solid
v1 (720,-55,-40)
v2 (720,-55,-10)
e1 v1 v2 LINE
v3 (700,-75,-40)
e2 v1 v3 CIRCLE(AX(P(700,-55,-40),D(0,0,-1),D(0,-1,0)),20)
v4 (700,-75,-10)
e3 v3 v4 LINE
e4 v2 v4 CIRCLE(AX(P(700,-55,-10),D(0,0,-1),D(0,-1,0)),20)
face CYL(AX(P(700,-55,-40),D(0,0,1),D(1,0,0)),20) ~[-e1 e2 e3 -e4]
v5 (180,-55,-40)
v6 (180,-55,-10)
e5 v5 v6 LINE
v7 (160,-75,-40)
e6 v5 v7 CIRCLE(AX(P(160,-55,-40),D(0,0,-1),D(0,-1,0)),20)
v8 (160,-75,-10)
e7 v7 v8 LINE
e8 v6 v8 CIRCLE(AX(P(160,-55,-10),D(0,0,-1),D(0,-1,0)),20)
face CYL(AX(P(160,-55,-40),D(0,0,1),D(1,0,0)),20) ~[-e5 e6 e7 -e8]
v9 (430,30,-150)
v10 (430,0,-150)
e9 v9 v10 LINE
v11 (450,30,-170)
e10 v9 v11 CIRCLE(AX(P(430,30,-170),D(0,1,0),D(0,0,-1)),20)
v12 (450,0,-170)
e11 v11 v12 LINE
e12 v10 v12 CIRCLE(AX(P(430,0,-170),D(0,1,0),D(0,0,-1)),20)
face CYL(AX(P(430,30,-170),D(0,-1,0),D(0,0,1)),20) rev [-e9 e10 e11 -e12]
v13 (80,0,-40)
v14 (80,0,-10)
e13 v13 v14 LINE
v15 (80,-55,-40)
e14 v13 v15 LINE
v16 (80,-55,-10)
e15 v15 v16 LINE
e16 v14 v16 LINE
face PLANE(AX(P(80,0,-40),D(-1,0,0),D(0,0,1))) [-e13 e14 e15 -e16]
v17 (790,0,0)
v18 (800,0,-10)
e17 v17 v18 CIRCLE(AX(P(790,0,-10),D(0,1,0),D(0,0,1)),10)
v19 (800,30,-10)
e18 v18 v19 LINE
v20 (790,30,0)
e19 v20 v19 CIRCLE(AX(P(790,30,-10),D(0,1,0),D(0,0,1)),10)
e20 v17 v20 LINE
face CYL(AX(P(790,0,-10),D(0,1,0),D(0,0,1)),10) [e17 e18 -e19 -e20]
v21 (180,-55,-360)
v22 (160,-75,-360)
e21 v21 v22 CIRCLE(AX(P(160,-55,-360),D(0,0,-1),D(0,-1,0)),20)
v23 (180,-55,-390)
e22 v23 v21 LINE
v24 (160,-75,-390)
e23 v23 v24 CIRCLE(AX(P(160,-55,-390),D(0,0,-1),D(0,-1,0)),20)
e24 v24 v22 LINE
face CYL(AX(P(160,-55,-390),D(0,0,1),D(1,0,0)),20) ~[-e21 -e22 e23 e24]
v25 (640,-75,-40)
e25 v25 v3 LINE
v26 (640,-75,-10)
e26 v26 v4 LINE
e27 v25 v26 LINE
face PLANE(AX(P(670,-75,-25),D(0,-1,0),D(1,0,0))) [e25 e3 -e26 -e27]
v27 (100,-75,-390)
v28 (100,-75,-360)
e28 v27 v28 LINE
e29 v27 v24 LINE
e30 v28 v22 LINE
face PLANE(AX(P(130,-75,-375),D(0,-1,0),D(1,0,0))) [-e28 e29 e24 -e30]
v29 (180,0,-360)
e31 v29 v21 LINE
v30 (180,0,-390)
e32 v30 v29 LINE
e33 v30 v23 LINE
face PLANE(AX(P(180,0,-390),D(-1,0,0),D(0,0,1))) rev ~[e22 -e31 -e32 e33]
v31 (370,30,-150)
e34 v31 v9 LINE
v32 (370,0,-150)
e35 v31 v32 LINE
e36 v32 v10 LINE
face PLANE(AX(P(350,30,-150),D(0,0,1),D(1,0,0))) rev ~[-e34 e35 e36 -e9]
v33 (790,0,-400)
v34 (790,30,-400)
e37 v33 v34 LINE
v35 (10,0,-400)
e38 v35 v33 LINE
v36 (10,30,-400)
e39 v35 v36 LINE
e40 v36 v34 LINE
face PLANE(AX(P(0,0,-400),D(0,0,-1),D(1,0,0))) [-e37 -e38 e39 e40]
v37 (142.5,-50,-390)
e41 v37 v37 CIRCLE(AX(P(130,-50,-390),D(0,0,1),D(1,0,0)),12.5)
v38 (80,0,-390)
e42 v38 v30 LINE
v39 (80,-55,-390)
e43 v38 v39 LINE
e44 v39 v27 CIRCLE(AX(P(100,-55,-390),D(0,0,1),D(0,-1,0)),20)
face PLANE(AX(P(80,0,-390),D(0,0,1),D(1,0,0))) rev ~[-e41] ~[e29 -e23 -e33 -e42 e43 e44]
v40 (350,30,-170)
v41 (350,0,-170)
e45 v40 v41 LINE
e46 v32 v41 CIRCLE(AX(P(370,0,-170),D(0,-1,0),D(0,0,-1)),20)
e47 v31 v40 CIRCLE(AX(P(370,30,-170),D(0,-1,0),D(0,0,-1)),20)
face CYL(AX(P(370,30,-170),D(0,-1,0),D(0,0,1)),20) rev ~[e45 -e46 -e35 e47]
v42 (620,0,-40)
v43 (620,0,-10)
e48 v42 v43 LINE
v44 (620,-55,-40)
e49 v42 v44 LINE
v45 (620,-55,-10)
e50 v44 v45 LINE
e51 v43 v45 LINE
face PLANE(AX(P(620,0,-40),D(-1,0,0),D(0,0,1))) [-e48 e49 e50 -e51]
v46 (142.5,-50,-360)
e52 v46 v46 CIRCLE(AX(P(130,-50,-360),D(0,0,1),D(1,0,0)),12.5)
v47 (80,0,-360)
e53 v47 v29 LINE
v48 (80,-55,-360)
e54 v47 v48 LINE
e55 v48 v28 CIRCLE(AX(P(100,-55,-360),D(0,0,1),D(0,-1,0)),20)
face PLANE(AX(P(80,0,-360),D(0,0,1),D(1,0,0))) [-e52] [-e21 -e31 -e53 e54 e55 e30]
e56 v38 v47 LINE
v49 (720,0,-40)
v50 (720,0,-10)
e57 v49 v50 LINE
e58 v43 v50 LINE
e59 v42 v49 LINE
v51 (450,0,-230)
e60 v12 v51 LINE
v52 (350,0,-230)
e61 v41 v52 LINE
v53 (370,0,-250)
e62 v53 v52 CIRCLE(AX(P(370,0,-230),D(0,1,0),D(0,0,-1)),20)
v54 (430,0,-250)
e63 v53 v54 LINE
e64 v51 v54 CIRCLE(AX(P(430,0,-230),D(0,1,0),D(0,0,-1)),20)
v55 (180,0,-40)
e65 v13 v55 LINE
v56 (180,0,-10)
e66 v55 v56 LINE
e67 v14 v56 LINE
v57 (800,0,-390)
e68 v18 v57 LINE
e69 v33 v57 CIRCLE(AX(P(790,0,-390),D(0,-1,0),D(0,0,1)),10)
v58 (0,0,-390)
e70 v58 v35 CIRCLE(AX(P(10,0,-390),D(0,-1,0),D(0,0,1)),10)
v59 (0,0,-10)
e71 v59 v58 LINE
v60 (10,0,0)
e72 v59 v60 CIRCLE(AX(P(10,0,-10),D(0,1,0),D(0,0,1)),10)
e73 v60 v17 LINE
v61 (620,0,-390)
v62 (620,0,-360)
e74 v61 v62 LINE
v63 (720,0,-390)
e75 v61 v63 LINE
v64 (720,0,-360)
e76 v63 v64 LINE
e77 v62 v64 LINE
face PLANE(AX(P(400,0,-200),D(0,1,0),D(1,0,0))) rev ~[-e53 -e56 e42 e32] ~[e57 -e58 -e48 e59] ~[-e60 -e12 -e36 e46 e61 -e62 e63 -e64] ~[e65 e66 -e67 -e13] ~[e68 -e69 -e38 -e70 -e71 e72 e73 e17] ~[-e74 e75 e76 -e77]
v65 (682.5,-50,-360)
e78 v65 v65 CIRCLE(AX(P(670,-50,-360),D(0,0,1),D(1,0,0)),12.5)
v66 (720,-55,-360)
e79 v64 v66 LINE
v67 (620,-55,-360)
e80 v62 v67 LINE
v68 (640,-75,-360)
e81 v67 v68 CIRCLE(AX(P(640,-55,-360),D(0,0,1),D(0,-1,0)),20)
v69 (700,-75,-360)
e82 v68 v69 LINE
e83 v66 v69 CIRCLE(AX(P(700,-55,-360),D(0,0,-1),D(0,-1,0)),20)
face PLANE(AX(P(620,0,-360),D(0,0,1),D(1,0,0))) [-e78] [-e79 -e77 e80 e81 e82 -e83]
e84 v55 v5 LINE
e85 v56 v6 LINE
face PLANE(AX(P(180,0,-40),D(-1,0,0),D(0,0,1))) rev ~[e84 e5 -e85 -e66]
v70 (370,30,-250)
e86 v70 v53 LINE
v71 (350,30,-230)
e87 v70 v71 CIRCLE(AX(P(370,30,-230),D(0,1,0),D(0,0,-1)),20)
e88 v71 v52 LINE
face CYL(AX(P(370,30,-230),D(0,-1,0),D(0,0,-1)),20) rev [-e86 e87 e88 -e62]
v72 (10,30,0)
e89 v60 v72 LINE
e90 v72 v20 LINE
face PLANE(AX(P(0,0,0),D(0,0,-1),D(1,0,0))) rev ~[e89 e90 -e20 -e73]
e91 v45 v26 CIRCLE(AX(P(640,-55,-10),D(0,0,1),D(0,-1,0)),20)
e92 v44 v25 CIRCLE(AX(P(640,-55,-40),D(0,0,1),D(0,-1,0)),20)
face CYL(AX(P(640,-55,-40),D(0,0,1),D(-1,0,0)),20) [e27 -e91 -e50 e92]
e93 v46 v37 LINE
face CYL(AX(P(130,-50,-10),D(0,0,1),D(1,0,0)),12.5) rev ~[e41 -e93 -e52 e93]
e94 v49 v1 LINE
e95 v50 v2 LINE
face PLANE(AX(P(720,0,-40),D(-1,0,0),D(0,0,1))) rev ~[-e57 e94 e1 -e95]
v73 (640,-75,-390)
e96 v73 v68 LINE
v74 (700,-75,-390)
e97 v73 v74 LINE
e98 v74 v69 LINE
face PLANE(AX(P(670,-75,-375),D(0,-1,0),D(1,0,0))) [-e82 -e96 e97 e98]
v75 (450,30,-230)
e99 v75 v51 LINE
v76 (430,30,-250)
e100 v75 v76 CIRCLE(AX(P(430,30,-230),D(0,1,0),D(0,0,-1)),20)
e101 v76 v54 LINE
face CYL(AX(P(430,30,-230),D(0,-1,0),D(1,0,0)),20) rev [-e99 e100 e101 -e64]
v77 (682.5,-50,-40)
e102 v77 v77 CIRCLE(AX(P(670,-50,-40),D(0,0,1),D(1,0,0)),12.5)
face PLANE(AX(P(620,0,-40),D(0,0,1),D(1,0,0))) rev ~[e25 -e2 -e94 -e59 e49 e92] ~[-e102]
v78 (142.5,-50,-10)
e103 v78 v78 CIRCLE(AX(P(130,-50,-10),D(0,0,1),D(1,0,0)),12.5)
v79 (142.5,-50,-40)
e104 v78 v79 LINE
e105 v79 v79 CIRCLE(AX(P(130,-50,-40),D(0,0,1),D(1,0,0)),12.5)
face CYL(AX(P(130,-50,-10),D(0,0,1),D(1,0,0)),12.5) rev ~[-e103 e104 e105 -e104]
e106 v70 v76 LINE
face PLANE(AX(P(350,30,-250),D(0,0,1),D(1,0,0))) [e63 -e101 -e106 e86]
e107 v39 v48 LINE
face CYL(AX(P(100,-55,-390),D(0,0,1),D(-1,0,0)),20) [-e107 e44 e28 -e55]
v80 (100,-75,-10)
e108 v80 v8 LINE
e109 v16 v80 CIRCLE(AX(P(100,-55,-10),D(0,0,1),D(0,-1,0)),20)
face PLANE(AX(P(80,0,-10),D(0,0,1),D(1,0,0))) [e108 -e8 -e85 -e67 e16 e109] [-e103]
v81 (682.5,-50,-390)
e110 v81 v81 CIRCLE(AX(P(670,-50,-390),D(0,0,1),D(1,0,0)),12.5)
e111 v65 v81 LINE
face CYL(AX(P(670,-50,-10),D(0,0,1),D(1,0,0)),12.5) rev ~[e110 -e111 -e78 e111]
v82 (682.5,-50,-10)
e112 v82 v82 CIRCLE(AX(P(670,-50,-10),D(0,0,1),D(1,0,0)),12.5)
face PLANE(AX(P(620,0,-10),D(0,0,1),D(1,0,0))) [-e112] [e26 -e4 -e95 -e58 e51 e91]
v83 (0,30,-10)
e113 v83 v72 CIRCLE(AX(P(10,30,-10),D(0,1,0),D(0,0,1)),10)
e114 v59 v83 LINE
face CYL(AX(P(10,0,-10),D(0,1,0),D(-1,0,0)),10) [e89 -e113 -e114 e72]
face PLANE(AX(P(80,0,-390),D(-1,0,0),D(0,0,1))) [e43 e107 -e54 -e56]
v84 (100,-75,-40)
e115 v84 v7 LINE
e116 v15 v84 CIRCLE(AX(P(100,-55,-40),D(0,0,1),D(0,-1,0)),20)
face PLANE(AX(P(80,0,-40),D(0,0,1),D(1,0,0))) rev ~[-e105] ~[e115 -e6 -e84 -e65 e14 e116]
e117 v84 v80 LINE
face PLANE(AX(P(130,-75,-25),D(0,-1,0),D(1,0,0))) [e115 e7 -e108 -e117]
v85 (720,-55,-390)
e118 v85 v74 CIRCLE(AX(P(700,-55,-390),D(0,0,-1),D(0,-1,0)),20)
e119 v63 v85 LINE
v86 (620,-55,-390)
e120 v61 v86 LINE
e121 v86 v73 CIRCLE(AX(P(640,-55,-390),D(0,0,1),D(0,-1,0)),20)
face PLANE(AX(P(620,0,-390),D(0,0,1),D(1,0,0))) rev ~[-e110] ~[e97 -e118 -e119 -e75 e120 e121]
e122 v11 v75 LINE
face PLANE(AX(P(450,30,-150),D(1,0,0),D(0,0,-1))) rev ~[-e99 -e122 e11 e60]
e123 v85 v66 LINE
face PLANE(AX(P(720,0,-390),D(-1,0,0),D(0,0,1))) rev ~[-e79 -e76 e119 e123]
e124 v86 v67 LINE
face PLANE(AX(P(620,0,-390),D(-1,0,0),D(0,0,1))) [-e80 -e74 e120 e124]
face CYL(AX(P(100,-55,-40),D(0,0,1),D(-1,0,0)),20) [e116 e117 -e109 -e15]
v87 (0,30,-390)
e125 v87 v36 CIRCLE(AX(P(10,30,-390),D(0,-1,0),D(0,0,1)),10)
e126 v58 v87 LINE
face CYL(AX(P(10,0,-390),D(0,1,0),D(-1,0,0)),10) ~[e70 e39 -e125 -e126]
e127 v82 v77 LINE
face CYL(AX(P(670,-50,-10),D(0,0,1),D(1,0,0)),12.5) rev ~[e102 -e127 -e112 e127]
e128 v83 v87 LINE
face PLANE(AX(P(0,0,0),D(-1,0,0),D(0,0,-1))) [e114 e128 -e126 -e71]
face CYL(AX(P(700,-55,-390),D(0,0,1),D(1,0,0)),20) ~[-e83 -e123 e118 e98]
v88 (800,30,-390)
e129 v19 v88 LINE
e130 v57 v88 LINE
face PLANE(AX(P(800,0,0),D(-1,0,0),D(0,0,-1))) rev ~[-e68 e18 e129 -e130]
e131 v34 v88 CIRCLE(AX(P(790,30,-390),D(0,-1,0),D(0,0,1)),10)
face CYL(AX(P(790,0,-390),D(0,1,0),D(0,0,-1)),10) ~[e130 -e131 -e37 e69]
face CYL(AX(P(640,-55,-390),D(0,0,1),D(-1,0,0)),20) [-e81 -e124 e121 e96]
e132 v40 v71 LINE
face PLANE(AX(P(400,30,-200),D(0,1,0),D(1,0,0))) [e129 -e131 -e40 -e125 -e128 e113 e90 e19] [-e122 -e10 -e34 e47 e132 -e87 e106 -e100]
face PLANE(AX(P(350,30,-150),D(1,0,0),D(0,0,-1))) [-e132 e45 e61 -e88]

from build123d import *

# Parameters (mm, degrees)
SKETCH1_W           = 800
SKETCH1_H           = 400
BOSS_EXTRUDE1_DEPTH = 30
SKETCH3_W           = 100
SKETCH3_H           = 100
CUT_EXTRUDE1_DEPTH  = 895.930164873
FILLET1_R           = 20
SKETCH4_W           = 100
SKETCH4_H           = 30
BOSS_EXTRUDE2_DEPTH = 75
SKETCH5_R           = 12.5
CUT_EXTRUDE2_DEPTH  = 894.154521905
SKETCH6_R           = 12.5
CUT_EXTRUDE3_DEPTH  = 894.154521905
FILLET2_R           = 20
FILLET3_R           = 10


with BuildPart() as part:
    # Sketch1 → Boss-Extrude1 (new body)
    with BuildSketch(Plane(origin=(0, 0, 0), x_dir=(1, 0, 0), z_dir=(0, 1, 0))):
        with Locations((400, 200)):
            Rectangle(SKETCH1_W, SKETCH1_H)
    extrude(amount=BOSS_EXTRUDE1_DEPTH)

    # Sketch3 → Cut-Extrude1 (cut, through all)
    with BuildSketch(Plane(origin=(0, 30, 0), x_dir=(1, 0, 0), z_dir=(0, 1, 0))):
        with Locations((400, 200)):
            Rectangle(SKETCH3_W, SKETCH3_H)
    extrude(amount=-CUT_EXTRUDE1_DEPTH, mode=Mode.SUBTRACT)

    # Fillet1
    fillet1_edges = [part.edges().sort_by_distance(p)[0] for p in [
        (350, 15, -250),
        (450, 15, -250),
        (450, 15, -150),
        (350, 15, -150),
    ]]
    fillet(fillet1_edges, radius=FILLET1_R)

    # Sketch4 → Boss-Extrude2 (add)
    with BuildSketch(Plane.XZ):
        with Locations((130, -25)):
            Rectangle(SKETCH4_W, SKETCH4_H)
        with Locations((670, -25)):
            Rectangle(SKETCH4_W, SKETCH4_H)
        with Locations((670, -375)):
            Rectangle(SKETCH4_W, SKETCH4_H)
        with Locations((130, -375)):
            Rectangle(SKETCH4_W, SKETCH4_H)
    extrude(amount=BOSS_EXTRUDE2_DEPTH)

    # Sketch5 → Cut-Extrude2 (cut, through all)
    with BuildSketch(Plane.XY.offset(-10)):
        with Locations((130, -50)):
            Circle(SKETCH5_R)
    extrude(amount=-CUT_EXTRUDE2_DEPTH, mode=Mode.SUBTRACT)

    # Sketch6 → Cut-Extrude3 (cut, through all)
    with BuildSketch(Plane.XY.offset(-10)):
        with Locations((670, -50)):
            Circle(SKETCH6_R)
    extrude(amount=-CUT_EXTRUDE3_DEPTH, mode=Mode.SUBTRACT)

    # Fillet2
    fillet2_edges = [part.edges().sort_by_distance(p)[0] for p in [
        (180, -75, -375),
        (80, -75, -375),
        (720, -75, -375),
        (620, -75, -375),
        (620, -75, -25),
        (720, -75, -25),
        (80, -75, -25),
        (180, -75, -25),
    ]]
    fillet(fillet2_edges, radius=FILLET2_R)

    # Fillet3
    fillet3_edges = [part.edges().sort_by_distance(p)[0] for p in [
        (0, 15, -400),
        (800, 15, -400),
        (800, 15, 0),
        (0, 15, 0),
    ]]
    fillet(fillet3_edges, radius=FILLET3_R)


solid = part.part
